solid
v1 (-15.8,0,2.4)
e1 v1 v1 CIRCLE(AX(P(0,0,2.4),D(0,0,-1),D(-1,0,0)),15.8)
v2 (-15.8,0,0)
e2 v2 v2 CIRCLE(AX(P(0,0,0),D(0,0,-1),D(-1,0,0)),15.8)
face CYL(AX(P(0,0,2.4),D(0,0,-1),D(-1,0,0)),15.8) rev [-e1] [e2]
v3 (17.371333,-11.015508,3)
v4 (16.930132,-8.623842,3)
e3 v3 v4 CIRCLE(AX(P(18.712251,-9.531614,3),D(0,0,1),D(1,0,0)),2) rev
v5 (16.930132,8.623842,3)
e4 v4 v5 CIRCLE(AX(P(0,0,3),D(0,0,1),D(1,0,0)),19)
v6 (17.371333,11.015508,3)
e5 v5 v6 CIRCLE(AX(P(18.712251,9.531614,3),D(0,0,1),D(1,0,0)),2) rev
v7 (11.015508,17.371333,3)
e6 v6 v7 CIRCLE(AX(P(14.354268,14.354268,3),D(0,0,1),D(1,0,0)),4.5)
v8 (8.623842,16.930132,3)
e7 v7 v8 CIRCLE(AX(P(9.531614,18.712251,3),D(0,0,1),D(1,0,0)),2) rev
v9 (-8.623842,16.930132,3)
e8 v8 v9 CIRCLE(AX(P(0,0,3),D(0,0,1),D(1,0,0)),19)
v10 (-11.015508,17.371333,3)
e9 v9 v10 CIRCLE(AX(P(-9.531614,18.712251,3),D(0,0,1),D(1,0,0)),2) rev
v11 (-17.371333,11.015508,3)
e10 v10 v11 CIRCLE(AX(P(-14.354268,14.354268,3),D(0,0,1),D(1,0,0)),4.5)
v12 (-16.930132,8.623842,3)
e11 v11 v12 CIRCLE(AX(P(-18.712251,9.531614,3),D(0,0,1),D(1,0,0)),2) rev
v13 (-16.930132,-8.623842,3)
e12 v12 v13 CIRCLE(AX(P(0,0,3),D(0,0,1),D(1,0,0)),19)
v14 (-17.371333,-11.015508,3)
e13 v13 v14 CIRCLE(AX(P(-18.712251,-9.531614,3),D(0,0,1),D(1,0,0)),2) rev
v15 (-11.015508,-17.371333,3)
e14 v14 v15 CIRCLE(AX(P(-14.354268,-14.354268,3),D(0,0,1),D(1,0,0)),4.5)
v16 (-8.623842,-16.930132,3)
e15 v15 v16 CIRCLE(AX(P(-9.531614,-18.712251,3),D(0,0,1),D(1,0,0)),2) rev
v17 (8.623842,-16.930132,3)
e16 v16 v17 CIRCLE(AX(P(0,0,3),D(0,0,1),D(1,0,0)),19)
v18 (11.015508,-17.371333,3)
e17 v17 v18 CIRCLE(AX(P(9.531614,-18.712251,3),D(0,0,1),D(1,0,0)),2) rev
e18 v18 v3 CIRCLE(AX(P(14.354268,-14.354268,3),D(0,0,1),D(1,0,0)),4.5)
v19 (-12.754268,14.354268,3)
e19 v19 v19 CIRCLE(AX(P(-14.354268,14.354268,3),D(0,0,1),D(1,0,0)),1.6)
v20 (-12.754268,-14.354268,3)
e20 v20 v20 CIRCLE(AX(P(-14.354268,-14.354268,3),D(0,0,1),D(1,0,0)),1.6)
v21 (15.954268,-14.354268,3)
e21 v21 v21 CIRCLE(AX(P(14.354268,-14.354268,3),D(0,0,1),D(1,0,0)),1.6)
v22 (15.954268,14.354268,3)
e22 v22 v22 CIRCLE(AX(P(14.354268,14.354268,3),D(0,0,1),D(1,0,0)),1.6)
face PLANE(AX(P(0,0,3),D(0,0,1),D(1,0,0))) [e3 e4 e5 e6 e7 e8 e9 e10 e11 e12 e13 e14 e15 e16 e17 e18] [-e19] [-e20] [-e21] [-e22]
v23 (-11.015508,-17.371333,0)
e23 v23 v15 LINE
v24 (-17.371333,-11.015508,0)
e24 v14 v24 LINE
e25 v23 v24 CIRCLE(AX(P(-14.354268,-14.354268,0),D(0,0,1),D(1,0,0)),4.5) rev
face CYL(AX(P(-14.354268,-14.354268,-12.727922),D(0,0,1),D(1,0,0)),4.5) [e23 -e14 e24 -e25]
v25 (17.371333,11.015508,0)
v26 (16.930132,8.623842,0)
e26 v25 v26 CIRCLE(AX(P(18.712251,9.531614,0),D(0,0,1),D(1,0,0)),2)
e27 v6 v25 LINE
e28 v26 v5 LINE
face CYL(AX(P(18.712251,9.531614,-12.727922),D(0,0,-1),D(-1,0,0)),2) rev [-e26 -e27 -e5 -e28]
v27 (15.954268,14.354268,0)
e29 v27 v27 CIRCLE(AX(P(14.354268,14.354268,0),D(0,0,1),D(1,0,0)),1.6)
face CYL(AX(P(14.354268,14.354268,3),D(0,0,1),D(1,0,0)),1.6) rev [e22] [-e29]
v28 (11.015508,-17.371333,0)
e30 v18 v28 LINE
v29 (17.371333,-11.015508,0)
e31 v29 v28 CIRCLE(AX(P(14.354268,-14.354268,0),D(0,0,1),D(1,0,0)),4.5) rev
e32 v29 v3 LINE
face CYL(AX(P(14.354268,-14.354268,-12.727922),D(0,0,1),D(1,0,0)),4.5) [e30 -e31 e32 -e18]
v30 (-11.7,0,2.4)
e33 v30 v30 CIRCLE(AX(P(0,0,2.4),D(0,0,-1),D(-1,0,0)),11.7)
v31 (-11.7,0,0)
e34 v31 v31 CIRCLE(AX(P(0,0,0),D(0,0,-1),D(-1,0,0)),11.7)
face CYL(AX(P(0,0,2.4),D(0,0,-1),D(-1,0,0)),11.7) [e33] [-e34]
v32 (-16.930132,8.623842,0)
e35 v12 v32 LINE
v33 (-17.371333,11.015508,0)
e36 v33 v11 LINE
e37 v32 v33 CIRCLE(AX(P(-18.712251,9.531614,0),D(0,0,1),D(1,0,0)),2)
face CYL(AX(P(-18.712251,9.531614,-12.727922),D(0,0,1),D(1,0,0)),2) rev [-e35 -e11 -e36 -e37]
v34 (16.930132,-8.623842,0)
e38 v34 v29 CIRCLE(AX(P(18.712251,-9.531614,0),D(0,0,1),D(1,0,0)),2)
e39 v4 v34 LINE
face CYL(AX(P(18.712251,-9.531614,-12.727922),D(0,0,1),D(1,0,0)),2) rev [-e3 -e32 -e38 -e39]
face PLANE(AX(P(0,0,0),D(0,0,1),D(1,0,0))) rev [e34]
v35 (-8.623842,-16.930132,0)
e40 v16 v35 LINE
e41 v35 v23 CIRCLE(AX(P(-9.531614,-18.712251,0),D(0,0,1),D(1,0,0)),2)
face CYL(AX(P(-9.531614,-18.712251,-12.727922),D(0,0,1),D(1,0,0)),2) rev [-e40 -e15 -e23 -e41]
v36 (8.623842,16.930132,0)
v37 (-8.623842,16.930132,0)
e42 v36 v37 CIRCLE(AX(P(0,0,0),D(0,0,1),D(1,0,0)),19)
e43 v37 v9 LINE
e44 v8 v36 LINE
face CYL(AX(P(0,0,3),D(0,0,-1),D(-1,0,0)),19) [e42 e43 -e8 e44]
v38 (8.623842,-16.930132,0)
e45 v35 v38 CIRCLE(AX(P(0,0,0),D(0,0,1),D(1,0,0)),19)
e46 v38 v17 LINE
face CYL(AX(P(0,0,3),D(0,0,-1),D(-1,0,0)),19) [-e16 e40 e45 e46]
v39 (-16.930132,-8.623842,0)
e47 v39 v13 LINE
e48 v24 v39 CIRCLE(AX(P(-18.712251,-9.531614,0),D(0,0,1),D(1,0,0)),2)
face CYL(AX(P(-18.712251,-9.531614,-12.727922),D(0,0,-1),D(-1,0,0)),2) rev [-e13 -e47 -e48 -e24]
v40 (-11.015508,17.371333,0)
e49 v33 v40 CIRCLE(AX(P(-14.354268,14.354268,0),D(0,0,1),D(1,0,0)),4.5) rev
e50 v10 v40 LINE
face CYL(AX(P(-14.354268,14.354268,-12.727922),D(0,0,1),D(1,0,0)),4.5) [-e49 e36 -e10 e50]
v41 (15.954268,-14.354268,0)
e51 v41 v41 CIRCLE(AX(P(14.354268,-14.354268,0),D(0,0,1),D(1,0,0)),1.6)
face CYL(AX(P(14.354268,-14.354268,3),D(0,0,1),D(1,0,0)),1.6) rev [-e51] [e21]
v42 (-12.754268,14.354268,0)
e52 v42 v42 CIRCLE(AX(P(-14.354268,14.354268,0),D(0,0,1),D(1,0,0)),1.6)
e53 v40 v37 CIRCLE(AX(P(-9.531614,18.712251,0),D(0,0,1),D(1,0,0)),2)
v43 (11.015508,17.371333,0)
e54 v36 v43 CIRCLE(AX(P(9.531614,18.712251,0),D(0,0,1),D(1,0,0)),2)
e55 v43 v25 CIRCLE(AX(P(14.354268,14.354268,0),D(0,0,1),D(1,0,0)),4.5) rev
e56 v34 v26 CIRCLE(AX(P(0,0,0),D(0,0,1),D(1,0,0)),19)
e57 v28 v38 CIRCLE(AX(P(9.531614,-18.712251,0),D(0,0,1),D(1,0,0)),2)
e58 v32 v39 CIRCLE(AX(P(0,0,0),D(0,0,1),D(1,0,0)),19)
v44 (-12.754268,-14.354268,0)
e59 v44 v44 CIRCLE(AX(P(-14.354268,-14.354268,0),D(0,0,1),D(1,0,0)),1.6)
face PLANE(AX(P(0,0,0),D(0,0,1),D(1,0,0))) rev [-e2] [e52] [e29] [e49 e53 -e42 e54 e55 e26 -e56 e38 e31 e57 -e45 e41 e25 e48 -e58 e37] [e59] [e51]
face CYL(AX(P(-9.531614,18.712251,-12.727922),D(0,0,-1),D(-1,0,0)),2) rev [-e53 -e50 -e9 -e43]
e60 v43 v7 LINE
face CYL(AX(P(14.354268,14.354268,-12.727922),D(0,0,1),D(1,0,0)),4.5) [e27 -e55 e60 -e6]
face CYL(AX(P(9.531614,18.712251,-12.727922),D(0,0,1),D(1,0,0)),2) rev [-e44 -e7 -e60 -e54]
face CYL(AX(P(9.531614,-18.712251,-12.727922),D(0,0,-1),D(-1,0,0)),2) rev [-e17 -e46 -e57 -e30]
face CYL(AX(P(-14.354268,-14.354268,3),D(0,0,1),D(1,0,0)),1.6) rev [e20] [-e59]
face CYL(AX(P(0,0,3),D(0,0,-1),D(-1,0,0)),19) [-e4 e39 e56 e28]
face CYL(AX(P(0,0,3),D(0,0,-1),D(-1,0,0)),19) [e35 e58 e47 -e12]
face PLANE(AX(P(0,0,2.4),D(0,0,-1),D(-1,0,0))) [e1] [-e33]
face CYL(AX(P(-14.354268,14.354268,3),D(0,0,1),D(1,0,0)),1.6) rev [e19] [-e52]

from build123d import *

# Parameters (mm, degrees)
SKETCH_1_R          = 19
EXTRUDE_1_DEPTH     = 3
SKETCH_2_R          = 15.8
SKETCH_2_R_2        = 11.7
CUT_EXTRUDE_1_DEPTH = 2.4
SKETCH_3_R          = 4.5
EXTRUDE_2_DEPTH     = 3
HOLE_WIZARD_M3_1_D  = 3.2
FILLET_1_R          = 2


with BuildPart() as part:
    # ｽｹｯﾁ1 → ﾎﾞｽ - 押し出し1 (new body)
    with BuildSketch(Plane.XY):
        Circle(SKETCH_1_R)
    extrude(amount=EXTRUDE_1_DEPTH)

    # ｽｹｯﾁ2 → ｶｯﾄ - 押し出し1 (cut)
    with BuildSketch(Plane(origin=(0, 0, 0), x_dir=(-1, 0, 0), z_dir=(0, 0, -1))):
        Circle(SKETCH_2_R)
        Circle(SKETCH_2_R_2, mode=Mode.SUBTRACT)
    extrude(amount=-CUT_EXTRUDE_1_DEPTH, mode=Mode.SUBTRACT)

    # ｽｹｯﾁ3 → ﾎﾞｽ - 押し出し2 (add)
    with BuildSketch(Plane.XY.offset(3)):
        with Locations((-14.354267658, 14.354267658)):
            Circle(SKETCH_3_R)
        with Locations((14.354267658, 14.354267658)):
            Circle(SKETCH_3_R)
        with Locations((14.354267658, -14.354267658)):
            Circle(SKETCH_3_R)
        with Locations((-14.354267658, -14.354267658)):
            Circle(SKETCH_3_R)
    extrude(amount=-EXTRUDE_2_DEPTH)

    # M3 すきま穴1 (through all)
    with Locations(Plane.XY.offset(3)):
        with Locations((-14.354267658, 14.354267658), (-14.354267658, -14.354267658), (14.354267658, 14.354267658), (14.354267658, -14.354267658)):
            Hole(HOLE_WIZARD_M3_1_D / 2)

    # ﾌｨﾚｯﾄ1
    fillet_1_edges = [part.edges().sort_by_distance(p)[0] for p in [
        (-10.182407316, 16.041152741, 1.5),
        (-16.041152741, 10.182407316, 1.5),
        (16.041152741, 10.182407316, 1.5),
        (10.182407316, 16.041152741, 1.5),
        (10.182407316, -16.041152741, 1.5),
        (16.041152741, -10.182407316, 1.5),
        (-16.041152741, -10.182407316, 1.5),
        (-10.182407316, -16.041152741, 1.5),
    ]]
    fillet(fillet_1_edges, radius=FILLET_1_R)


solid = part.part
